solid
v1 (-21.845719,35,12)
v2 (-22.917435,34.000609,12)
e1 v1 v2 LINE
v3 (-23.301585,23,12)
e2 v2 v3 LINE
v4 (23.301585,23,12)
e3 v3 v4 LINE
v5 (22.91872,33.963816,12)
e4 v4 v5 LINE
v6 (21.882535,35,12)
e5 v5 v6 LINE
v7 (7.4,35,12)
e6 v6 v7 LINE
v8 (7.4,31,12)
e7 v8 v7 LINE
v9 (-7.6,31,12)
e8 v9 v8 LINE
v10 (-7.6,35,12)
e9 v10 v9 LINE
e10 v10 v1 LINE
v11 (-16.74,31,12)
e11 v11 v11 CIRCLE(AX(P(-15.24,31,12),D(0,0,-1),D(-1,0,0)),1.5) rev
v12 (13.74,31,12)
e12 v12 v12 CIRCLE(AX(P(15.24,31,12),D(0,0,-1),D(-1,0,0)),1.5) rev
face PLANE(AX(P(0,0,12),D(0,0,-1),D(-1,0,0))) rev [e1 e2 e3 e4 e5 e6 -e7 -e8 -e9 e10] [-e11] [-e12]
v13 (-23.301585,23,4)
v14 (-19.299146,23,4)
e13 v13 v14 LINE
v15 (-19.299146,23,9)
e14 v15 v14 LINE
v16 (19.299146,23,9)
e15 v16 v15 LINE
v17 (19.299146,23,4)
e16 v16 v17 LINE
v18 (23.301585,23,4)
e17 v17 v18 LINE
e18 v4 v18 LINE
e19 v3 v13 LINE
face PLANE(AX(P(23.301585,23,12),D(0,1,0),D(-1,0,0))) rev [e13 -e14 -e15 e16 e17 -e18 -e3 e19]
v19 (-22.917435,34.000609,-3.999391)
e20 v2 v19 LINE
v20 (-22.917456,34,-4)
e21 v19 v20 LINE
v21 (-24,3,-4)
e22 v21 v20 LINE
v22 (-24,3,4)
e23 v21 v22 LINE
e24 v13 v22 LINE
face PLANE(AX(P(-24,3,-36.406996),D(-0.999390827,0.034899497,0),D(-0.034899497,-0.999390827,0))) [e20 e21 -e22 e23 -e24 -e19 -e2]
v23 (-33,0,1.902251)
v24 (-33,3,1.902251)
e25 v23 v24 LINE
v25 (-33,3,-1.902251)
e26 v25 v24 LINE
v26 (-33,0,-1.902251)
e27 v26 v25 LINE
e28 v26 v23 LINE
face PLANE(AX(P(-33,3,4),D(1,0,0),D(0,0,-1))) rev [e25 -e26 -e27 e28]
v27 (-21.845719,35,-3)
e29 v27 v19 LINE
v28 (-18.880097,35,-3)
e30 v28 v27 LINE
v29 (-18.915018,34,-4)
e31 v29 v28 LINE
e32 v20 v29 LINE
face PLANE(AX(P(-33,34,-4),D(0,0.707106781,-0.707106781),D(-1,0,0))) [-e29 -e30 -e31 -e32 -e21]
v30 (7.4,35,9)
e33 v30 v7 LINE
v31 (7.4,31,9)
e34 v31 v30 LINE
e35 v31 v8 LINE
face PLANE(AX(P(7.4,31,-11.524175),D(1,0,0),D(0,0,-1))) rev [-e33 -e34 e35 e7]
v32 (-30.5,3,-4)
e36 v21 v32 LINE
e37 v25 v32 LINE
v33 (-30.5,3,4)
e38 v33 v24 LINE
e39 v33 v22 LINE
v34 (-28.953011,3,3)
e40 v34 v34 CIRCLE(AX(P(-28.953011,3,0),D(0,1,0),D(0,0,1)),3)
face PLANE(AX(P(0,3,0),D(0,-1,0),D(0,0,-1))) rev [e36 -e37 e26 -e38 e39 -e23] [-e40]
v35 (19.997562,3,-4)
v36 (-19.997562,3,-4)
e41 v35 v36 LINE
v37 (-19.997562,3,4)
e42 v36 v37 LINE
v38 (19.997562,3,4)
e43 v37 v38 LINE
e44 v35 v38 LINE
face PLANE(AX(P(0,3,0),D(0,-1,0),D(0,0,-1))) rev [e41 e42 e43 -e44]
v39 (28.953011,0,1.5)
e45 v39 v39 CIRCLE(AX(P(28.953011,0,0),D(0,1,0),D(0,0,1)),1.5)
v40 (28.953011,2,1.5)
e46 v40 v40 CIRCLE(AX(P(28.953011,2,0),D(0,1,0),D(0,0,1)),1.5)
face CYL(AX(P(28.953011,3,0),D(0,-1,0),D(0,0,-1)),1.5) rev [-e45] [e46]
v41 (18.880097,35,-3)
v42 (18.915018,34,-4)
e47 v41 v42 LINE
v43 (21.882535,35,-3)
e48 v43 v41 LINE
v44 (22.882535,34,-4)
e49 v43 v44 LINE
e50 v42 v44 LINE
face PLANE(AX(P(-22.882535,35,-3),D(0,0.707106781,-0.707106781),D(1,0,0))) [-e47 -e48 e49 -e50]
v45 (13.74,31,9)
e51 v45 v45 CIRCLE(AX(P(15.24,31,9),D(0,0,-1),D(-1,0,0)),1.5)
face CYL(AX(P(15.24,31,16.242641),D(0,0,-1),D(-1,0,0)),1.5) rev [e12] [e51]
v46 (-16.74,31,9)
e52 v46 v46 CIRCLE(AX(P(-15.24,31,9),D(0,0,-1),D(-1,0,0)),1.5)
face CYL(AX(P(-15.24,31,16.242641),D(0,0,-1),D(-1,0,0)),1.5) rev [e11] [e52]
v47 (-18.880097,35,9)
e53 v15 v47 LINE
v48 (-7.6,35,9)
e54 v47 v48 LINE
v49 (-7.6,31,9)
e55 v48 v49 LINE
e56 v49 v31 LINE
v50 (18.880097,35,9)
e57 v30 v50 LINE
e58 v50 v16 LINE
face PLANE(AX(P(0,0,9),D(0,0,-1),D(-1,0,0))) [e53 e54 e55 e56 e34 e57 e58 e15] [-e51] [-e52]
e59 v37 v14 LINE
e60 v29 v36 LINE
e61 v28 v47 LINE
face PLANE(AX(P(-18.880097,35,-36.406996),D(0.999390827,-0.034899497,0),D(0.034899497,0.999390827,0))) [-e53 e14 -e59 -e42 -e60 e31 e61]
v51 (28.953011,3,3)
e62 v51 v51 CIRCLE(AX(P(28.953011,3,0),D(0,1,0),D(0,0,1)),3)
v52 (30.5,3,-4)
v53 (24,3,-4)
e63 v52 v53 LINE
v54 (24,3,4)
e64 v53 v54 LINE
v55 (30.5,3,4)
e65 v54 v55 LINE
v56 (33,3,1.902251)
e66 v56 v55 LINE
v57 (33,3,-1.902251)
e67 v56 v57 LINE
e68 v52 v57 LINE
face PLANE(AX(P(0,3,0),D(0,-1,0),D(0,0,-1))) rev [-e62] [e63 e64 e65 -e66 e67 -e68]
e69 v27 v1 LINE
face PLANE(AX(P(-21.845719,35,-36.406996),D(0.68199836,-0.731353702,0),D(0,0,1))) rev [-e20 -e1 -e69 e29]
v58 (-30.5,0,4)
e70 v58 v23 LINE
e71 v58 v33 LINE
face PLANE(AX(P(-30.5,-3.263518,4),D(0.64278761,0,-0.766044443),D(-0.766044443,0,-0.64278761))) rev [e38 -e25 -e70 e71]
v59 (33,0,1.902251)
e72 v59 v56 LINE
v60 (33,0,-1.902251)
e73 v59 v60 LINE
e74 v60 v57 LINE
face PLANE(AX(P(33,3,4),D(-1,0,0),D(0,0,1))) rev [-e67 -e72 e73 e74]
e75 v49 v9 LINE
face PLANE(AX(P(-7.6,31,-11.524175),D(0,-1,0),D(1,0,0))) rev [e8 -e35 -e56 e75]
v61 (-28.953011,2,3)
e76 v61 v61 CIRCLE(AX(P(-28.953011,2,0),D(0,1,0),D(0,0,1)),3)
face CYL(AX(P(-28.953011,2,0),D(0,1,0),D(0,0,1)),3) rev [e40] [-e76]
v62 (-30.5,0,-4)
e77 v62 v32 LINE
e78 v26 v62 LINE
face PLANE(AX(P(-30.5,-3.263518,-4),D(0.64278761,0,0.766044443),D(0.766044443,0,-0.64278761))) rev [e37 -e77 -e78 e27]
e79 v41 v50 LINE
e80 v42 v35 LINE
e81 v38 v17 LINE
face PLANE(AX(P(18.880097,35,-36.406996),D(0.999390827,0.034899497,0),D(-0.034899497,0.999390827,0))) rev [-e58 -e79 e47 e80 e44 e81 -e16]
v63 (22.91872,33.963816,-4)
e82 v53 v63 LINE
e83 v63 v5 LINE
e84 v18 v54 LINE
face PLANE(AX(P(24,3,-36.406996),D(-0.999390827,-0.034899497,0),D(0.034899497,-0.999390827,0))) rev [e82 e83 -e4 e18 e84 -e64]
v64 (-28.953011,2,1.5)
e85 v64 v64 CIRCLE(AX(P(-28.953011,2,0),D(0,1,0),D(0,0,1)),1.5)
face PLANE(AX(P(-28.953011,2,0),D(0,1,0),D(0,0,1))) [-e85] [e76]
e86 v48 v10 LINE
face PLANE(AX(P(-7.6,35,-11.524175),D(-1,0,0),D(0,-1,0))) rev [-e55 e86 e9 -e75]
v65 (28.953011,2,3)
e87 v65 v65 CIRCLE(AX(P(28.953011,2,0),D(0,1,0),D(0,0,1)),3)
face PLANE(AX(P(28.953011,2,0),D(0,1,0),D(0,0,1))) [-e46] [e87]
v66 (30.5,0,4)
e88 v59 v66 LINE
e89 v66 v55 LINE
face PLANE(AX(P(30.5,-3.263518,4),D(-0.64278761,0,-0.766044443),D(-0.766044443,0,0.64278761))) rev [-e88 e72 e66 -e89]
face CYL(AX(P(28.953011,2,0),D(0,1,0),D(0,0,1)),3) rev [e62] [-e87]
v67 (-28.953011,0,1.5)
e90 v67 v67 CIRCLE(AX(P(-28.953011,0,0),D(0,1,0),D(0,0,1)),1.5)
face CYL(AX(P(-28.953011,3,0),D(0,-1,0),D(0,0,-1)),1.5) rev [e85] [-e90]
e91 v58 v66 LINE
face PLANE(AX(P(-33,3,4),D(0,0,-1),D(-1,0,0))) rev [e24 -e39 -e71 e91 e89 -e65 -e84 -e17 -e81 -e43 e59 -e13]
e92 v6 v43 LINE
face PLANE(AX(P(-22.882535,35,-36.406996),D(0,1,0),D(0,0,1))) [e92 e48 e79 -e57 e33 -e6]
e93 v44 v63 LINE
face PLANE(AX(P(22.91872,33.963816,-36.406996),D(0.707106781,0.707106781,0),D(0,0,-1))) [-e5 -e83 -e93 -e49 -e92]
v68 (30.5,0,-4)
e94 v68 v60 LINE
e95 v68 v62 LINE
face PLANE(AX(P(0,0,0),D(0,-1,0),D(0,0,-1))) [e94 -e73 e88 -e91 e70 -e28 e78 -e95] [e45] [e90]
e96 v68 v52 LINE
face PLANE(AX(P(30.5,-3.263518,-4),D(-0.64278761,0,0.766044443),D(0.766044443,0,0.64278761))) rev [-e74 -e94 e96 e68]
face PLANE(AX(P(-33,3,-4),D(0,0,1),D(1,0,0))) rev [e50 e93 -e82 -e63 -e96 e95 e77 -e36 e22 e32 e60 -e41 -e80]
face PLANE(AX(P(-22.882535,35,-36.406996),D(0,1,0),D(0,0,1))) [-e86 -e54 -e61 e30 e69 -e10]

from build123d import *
from OCP.BRepFilletAPI import BRepFilletAPI_MakeChamfer

# Parameters (mm, degrees)
SKETCH1_W           = 66
SKETCH1_H           = 8
SKETCH1_R           = 1.5
BOSS_EXTRUDE1_DEPTH = 3
BOSS_EXTRUDE4_DEPTH = 8
BOSS_EXTRUDE6_DEPTH = 8
SKETCH7_R           = 3
CUT_EXTRUDE1_DEPTH  = 1
SKETCH8_W           = 15
SKETCH8_H           = 4
CUT_EXTRUDE2_DEPTH  = 8
CUT_EXTRUDE3_DEPTH  = 5
CHAMFER2_SIZE       = 1
CHAMFER2_SIZE2      = 1.036815955
SKETCH10_R          = 1.5
CUT_EXTRUDE4_DEPTH  = 3
CUT_EXTRUDE5_DEPTH  = 3


with BuildPart() as part:
    # Sketch1 → Boss-Extrude1 (new body)
    with BuildSketch(Plane(origin=(0, 0, 0), x_dir=(1, 0, 0), z_dir=(0, 1, 0))):
        Rectangle(SKETCH1_W, SKETCH1_H)
        with Locations(Location((-28.953010595, 0, 0), (0, 0, 270))):
            Circle(SKETCH1_R, mode=Mode.SUBTRACT)
        with Locations(Location((28.953010595, 0, 0), (0, 0, 270))):
            Circle(SKETCH1_R, mode=Mode.SUBTRACT)
    extrude(amount=BOSS_EXTRUDE1_DEPTH)

    # Sketch4 → Boss-Extrude4 (add)
    with BuildSketch(Plane.XY.offset(4)):
        Polygon((-24, 3), (-22.882535376, 35), (-18.880097199, 35), (-19.997561823, 3), align=None)
    boss_extrude4 = extrude(amount=-BOSS_EXTRUDE4_DEPTH)

    # Mirror1: Boss-Extrude4 across plane
    add(boss_extrude4.mirror(Plane(origin=(0, 0, 0), x_dir=(0, 0, 1), z_dir=(1, 0, 0))))

    # Sketch6 → Boss-Extrude6 (add)
    with BuildSketch(Plane.XY.offset(4)):
        Polygon((-22.882535376, 35), (22.882535376, 35), (23.30158461, 23), (-23.30158461, 23), align=None)
    extrude(amount=BOSS_EXTRUDE6_DEPTH)

    # Sketch7 → Cut-Extrude1 (cut)
    with BuildSketch(Plane(origin=(0, 3, 0), x_dir=(1, 0, 0), z_dir=(0, 1, 0))):
        with Locations(Location((-28.953010595, 0, 0), (0, 0, 270))):
            Circle(SKETCH7_R)
        with Locations(Location((28.953010595, 0, 0), (0, 0, 270))):
            Circle(SKETCH7_R)
    extrude(amount=-CUT_EXTRUDE1_DEPTH, mode=Mode.SUBTRACT)

    # Sketch8 → Cut-Extrude2 (cut)
    with BuildSketch(Plane.XY.offset(12)):
        with Locations((-0.1, 33)):
            Rectangle(SKETCH8_W, SKETCH8_H)
    extrude(amount=-CUT_EXTRUDE2_DEPTH, mode=Mode.SUBTRACT)

    # Sketch9 → Cut-Extrude3 (cut)
    with BuildSketch(Plane(origin=(0, 0, 4), x_dir=(-1, 0, 0), z_dir=(0, 0, -1))):
        Polygon((-19.299146433, 23), (19.299146433, 23), (18.880097199, 35), (-18.880097199, 35), align=None)
    extrude(amount=-CUT_EXTRUDE3_DEPTH, mode=Mode.SUBTRACT)

    # Chamfer2: one chamfer whose edges measure the first distance from different faces: ONE call of the kernel's chamfer builder (chamfer() names one face for all edges)
    chamfer2_edges_1 = [part.edges().sort_by_distance(p)[0] for p in [
        (-22.882535376, 35, 4),
    ]]
    chamfer2_side_1 = [part.faces().sort_by_distance(p)[0] for p in [
        (-23.346029226, 21.727272727, 2.181818182),
    ]]
    chamfer2_edges_2 = [part.edges().sort_by_distance(p)[0] for p in [
        (-20.881316288, 35, -4),
        (20.881316288, 35, -4),
    ]]
    chamfer2_edges_3 = [part.edges().sort_by_distance(p)[0] for p in [
        (22.882535376, 35, 4),
    ]]
    chamfer2_side_3 = [part.faces().sort_by_distance(p)[0] for p in [
        (22.659890165, 35, 4),
    ]]
    chamfer2 = BRepFilletAPI_MakeChamfer(part.part.solid().wrapped)
    for e in chamfer2_edges_1:
        chamfer2.Add(CHAMFER2_SIZE, CHAMFER2_SIZE2, e.wrapped, chamfer2_side_1[0].wrapped)  # the first distance lies on this face
    for e in chamfer2_edges_2:
        chamfer2.Add(CHAMFER2_SIZE, e.wrapped)
    for e in chamfer2_edges_3:
        chamfer2.Add(CHAMFER2_SIZE, CHAMFER2_SIZE2, e.wrapped, chamfer2_side_3[0].wrapped)  # the first distance lies on this face
    add(Compound.cast(chamfer2.Shape()), mode=Mode.REPLACE)

    # Sketch10 → Cut-Extrude4 (cut)
    with BuildSketch(Plane(origin=(0, 0, 9), x_dir=(-1, 0, 0), z_dir=(0, 0, -1))):
        with Locations((-15.24, 31)):
            Circle(SKETCH10_R)
        with Locations((15.24, 31)):
            Circle(SKETCH10_R)
    extrude(amount=-CUT_EXTRUDE4_DEPTH, mode=Mode.SUBTRACT)

    # Sketch13 → Cut-Extrude5 (cut)
    with BuildSketch(Plane(origin=(0, 3, 0), x_dir=(1, 0, 0), z_dir=(0, 1, 0))):
        Polygon((-30.5, 4), (-33, 1.902250922), (-33, 4), align=None)
        Polygon((-30.5, -4), (-33, -1.902250922), (-33, -4), align=None)
        Polygon((30.5, -4), (33, -1.902250922), (33, -4), align=None)
        Polygon((30.5, 4), (33, 1.902250922), (33, 4), align=None)
    extrude(amount=-CUT_EXTRUDE5_DEPTH, mode=Mode.SUBTRACT)


solid = part.part
